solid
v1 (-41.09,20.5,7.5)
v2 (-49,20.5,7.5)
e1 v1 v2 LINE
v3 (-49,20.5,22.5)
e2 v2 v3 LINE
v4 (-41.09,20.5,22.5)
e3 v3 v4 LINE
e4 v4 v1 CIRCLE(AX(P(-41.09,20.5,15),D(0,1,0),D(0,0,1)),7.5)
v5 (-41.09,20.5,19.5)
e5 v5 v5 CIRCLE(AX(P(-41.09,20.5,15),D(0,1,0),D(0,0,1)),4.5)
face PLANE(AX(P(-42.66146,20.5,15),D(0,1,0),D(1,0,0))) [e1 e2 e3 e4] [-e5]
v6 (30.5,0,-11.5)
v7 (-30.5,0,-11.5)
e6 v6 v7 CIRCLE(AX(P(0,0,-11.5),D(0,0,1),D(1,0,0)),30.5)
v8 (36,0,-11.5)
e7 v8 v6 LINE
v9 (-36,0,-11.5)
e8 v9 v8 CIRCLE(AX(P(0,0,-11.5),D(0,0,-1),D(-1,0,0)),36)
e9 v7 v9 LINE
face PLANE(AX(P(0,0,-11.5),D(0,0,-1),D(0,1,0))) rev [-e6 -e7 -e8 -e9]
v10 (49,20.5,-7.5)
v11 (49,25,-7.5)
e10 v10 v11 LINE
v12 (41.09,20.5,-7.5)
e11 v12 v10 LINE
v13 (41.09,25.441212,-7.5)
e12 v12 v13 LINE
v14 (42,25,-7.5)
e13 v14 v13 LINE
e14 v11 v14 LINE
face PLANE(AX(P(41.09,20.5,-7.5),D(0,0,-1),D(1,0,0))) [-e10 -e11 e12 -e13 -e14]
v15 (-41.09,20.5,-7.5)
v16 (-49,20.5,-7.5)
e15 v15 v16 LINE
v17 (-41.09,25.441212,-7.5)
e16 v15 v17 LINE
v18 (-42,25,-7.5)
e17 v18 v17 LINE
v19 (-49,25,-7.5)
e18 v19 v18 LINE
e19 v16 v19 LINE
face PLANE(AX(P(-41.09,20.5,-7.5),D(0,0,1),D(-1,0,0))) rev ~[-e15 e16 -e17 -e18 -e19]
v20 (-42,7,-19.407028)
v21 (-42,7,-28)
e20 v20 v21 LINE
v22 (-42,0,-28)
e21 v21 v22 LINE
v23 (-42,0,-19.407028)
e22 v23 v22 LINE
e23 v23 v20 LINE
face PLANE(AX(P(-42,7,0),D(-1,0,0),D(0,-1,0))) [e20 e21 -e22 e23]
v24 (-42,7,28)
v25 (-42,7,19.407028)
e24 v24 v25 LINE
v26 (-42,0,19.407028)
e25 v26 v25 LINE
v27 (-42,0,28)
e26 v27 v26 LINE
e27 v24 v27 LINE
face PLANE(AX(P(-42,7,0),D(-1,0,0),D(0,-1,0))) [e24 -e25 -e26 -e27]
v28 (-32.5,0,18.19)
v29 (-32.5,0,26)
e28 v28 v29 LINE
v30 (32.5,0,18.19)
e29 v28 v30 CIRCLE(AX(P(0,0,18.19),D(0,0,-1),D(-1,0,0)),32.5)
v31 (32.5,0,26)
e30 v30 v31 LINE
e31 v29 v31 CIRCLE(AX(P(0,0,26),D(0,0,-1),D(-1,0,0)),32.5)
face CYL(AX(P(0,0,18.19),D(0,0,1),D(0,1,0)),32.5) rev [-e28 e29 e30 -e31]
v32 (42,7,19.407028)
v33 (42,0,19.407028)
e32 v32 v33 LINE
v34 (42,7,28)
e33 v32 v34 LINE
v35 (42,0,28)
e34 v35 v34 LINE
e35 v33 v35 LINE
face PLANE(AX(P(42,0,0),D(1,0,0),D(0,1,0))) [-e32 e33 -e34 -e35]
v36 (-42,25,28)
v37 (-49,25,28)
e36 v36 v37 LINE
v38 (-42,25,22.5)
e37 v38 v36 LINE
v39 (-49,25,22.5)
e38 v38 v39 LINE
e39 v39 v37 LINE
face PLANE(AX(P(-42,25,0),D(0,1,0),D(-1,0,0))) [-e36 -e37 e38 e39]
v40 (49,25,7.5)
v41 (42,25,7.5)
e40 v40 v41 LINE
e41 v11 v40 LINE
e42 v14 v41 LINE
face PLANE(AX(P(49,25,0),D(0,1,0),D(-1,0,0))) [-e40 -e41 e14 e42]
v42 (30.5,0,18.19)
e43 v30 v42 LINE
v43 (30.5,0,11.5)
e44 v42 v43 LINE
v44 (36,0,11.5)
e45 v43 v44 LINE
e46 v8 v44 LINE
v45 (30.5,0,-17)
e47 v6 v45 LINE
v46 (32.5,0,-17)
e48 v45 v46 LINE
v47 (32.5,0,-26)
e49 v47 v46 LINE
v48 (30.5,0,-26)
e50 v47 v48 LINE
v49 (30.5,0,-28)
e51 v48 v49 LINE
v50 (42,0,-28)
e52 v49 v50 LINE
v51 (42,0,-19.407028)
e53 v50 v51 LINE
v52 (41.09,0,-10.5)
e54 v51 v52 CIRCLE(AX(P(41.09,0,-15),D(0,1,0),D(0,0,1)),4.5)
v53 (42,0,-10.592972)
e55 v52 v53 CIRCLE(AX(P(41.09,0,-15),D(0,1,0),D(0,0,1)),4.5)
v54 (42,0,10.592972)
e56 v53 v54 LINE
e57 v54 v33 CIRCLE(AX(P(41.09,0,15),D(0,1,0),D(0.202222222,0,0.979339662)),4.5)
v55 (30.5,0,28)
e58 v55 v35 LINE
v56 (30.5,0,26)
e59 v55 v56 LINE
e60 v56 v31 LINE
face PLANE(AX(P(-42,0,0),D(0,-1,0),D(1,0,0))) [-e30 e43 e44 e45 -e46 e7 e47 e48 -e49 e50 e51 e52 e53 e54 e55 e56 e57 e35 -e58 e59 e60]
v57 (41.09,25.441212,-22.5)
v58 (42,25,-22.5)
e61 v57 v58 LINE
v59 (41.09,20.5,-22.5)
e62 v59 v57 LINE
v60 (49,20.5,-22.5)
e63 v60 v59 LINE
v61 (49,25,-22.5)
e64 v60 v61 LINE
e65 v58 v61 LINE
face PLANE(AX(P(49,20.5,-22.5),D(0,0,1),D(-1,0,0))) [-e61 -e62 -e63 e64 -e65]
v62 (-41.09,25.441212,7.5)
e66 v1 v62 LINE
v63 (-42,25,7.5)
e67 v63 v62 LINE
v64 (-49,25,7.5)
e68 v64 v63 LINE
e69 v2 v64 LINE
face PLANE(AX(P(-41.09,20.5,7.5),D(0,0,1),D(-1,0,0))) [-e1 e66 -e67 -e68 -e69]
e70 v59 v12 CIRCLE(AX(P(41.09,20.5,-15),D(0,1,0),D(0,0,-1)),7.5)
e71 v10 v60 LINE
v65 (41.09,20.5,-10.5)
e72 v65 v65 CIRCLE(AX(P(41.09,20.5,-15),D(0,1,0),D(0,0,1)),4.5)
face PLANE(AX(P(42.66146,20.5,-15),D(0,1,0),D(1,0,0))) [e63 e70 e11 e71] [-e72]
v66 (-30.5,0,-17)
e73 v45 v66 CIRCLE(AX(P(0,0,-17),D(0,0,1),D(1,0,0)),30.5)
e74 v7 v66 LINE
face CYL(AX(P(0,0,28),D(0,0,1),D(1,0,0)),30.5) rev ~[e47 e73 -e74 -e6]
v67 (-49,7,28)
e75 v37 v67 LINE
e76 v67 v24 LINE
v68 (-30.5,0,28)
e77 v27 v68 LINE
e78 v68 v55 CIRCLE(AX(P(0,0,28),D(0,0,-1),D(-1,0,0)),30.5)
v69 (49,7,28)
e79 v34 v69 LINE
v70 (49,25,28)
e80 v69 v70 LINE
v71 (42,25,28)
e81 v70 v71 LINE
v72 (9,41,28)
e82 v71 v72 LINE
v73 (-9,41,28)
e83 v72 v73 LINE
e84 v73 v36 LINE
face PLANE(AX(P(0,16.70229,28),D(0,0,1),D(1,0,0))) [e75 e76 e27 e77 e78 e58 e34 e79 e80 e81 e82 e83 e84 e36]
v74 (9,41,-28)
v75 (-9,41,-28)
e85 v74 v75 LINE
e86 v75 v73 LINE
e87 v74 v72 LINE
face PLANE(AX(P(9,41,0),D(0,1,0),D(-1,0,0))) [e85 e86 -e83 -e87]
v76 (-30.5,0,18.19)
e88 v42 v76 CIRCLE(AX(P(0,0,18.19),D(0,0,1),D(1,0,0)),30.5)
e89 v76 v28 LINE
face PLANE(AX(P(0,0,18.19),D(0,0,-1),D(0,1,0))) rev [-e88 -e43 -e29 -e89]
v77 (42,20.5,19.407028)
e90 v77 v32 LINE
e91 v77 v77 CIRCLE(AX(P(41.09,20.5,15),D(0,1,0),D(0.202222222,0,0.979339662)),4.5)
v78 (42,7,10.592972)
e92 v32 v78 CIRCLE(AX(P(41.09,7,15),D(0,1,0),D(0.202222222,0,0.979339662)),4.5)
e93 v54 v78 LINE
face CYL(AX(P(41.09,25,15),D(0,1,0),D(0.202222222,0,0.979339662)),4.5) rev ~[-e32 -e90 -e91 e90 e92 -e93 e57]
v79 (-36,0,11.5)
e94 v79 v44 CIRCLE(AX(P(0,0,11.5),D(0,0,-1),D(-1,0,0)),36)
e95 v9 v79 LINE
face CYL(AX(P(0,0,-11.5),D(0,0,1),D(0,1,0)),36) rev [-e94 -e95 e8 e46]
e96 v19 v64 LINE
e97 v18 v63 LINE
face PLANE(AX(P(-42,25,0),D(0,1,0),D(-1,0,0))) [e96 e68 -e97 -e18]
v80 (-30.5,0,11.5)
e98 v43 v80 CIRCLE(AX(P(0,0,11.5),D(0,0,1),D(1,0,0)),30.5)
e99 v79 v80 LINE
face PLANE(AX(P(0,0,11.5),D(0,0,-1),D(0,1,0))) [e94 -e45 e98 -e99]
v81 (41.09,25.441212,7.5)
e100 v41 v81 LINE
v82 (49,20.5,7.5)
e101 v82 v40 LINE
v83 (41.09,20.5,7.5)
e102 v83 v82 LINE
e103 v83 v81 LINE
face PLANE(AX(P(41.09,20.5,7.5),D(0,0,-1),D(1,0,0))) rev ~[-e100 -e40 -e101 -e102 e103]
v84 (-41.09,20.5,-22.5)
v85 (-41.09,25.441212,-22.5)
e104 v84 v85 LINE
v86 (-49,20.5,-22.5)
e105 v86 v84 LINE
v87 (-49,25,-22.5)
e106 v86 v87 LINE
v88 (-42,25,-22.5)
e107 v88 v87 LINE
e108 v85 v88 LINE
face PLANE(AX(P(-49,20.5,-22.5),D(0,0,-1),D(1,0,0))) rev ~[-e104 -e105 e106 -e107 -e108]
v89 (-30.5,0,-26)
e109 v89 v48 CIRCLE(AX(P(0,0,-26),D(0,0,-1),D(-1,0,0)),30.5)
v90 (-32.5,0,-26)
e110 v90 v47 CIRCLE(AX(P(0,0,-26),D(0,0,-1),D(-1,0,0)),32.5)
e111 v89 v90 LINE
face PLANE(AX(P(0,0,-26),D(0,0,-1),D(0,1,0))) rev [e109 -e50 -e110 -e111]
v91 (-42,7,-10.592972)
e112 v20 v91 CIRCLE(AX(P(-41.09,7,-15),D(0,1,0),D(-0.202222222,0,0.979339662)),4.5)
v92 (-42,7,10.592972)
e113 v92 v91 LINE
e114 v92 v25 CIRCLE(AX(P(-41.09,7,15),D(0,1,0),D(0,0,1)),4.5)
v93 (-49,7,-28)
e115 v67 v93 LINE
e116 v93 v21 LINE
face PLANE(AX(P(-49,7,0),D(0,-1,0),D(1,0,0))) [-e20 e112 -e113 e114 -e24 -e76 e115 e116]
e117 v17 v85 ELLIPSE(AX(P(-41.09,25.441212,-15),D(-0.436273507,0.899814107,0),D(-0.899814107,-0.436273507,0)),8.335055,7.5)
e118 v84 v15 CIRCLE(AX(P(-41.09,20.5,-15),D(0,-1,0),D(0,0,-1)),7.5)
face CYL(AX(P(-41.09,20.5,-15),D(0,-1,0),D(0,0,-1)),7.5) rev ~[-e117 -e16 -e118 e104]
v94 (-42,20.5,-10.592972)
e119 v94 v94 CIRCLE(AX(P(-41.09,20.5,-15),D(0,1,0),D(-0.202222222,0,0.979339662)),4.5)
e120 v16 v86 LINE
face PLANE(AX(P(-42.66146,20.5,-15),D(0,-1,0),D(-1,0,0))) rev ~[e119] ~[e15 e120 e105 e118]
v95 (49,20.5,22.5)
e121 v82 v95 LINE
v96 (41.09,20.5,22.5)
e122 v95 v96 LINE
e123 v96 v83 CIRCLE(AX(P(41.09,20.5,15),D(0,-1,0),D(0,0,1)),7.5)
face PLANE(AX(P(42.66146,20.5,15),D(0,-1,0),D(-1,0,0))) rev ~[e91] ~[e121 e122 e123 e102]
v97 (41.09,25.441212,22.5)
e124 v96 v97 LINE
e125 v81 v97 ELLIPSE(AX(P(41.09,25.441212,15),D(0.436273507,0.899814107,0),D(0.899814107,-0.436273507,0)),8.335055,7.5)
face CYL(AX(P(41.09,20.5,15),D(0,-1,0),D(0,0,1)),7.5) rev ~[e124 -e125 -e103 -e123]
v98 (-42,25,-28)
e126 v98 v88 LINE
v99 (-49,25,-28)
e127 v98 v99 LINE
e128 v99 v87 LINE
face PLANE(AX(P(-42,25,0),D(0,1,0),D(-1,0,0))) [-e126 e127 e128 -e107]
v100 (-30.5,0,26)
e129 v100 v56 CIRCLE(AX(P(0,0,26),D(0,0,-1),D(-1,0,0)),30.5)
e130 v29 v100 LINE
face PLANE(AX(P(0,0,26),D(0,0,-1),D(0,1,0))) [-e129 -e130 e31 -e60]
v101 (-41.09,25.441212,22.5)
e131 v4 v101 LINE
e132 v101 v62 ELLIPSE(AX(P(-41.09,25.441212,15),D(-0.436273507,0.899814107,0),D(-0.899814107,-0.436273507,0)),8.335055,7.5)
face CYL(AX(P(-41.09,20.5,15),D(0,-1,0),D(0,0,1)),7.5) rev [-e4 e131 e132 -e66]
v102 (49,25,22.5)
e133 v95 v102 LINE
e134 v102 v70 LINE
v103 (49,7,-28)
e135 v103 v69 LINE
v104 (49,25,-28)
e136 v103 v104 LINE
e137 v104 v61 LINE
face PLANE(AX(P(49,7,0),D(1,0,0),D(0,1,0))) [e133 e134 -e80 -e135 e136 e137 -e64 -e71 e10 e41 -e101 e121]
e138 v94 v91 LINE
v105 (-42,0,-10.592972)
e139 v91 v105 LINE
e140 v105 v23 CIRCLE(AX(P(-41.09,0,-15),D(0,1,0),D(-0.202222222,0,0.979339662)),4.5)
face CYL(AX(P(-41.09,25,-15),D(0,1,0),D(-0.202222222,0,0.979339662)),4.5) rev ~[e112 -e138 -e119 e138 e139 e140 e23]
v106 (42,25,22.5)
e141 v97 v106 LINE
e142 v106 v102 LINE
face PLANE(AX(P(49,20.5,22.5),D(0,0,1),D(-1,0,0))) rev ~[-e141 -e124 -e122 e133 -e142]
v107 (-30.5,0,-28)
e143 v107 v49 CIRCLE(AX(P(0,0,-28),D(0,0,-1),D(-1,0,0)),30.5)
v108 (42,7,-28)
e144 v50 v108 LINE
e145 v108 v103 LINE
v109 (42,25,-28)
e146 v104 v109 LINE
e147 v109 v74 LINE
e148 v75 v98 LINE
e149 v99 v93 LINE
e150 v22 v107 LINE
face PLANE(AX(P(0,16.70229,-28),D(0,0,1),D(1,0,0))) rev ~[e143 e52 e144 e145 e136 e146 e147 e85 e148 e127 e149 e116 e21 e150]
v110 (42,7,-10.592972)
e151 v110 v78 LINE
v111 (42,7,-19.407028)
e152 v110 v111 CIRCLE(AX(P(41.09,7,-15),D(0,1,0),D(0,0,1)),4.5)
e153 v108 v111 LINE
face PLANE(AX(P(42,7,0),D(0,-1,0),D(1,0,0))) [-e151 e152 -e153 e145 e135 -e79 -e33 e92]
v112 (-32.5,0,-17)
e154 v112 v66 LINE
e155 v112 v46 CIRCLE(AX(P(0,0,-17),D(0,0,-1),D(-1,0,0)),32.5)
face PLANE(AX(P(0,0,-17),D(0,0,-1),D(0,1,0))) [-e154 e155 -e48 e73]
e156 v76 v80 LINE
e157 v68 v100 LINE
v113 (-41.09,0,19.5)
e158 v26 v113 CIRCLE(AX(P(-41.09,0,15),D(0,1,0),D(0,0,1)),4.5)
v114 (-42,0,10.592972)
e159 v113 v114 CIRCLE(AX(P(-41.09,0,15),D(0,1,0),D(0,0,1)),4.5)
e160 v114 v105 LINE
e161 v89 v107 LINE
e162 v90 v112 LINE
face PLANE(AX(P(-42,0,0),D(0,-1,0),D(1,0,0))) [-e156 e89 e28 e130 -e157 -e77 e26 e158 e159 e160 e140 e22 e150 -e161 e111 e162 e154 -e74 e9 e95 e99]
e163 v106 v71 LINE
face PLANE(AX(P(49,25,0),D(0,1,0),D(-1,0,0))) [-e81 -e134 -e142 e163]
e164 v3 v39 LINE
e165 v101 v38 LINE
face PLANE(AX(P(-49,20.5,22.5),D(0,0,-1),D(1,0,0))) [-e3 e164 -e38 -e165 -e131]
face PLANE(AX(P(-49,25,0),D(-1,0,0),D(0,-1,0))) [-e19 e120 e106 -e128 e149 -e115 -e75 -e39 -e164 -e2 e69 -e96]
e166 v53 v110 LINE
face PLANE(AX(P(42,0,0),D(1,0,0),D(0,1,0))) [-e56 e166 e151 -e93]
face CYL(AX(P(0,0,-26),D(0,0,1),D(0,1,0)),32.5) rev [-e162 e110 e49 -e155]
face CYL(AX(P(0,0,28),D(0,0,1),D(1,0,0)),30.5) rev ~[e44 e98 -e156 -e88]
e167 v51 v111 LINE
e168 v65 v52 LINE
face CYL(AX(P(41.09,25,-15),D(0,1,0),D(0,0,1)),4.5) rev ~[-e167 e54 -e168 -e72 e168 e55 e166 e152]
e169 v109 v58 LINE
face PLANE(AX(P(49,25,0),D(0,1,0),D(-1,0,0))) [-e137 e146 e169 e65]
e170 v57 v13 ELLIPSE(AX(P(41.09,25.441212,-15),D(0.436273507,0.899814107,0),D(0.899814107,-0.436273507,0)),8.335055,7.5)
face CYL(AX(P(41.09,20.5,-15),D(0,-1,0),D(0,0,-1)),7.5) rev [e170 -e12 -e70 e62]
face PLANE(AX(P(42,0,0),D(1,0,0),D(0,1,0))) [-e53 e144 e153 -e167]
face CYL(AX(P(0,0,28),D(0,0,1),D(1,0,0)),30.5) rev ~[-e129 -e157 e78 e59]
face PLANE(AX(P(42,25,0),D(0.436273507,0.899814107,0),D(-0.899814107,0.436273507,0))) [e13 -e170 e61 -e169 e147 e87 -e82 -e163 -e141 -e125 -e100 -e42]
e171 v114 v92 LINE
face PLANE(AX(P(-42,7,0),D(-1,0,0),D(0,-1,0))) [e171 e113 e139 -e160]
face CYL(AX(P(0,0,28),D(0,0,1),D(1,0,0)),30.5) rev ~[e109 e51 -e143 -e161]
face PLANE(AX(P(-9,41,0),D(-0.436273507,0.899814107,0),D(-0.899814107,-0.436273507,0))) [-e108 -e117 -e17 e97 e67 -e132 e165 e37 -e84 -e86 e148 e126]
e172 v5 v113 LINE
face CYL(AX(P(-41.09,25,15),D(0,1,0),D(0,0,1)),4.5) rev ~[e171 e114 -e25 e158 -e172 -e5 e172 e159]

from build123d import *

# Parameters (mm, degrees)
BOSS_EXTRUDE1_DEPTH     = 28
CUT_EXTRUDE1_DEPTH      = 85.958813551
CUT_EXTRUDE2_DEPTH      = 70.756720106
CUT_EXTRUDE2_DEPTH_BACK = 4.5
CUT_EXTRUDE2_START      = 25
CUT_EXTRUDE3_START      = 25
SKETCH4_4_R             = 4.5
CUT_EXTRUDE3_DEPTH      = 95.756720106


with BuildPart() as part:
    # Sketch1 → Boss-Extrude1 (new, symmetric)
    with BuildSketch(Plane.XY):
        Polygon((-42, 0), (42, 0), (42, 7), (49, 7), (49, 25), (42, 25), (9, 41), (-9, 41), (-42, 25), (-49, 25), (-49, 7), (-42, 7), align=None)
    extrude(amount=BOSS_EXTRUDE1_DEPTH, both=True)

    # Sketch2 → Cut-Extrude1 (cut, through all)
    with BuildSketch(Plane.XY.offset(28)):
        with BuildLine():
            Line((-30.5, 0), (30.5, 0))
            ThreePointArc((30.5, 0), (0, 30.5), (-30.5, 0))
        make_face()
    extrude(amount=-CUT_EXTRUDE1_DEPTH, mode=Mode.SUBTRACT)

    # Sketch3 → Cut-Revolve1 (revolve, cut)
    with BuildSketch(Plane(origin=(0, 0, 0), x_dir=(0, 0, -1), z_dir=(1, 0, 0))):
        Polygon((28, 30.5), (26, 30.5), (26, 32.5), (17, 32.5), (17, 29.816601461), (11.5, 29.816601461), (11.5, 36), (-11.5, 36), (-11.5, 29.816601461), (-18.19, 29.816601461), (-18.19, 32.5), (-26, 32.5), (-26, 30.5), (-28, 30.5), (-28, 0), (28, 0), align=None)
    revolve(axis=Axis((0, 0, 28), (0, 0, -1)), mode=Mode.SUBTRACT)

    # Sketch4 → Cut-Extrude2 (cut, two sides: drawn at the far end of the back side and taken through both)
    with BuildSketch(Plane(origin=(0, 0, 0), x_dir=(1, 0, 0), z_dir=(0, 1, 0)).offset(CUT_EXTRUDE2_START - CUT_EXTRUDE2_DEPTH_BACK)):
        with BuildLine():
            Line((49, 22.5), (41.09, 22.5))
            ThreePointArc((41.09, 22.5), (33.59, 15), (41.09, 7.5))
            Line((41.09, 7.5), (49, 7.5))
            Line((49, 7.5), (49, 22.5))
        make_face()
        with BuildLine():
            Line((49, -7.5), (49, -22.5))
            Line((49, -22.5), (41.09, -22.5))
            ThreePointArc((41.09, -22.5), (33.59, -15), (41.09, -7.5))
            Line((41.09, -7.5), (49, -7.5))
        make_face()
        with BuildLine():
            Line((-49, -22.5), (-41.09, -22.5))
            ThreePointArc((-41.09, -22.5), (-33.59, -15), (-41.09, -7.5))
            Line((-41.09, -7.5), (-49, -7.5))
            Line((-49, -7.5), (-49, -22.5))
        make_face()
        with BuildLine():
            Line((-49, 7.5), (-49, 22.5))
            Line((-49, 22.5), (-41.09, 22.5))
            ThreePointArc((-41.09, 22.5), (-33.59, 15), (-41.09, 7.5))
            Line((-41.09, 7.5), (-49, 7.5))
        make_face()
    extrude(amount=CUT_EXTRUDE2_DEPTH + CUT_EXTRUDE2_DEPTH_BACK, mode=Mode.SUBTRACT)

    # Sketch4<4> → Cut-Extrude3 (cut, through all)
    with BuildSketch(Plane(origin=(0, 0, 0), x_dir=(1, 0, 0), z_dir=(0, 1, 0)).offset(CUT_EXTRUDE3_START)):
        with Locations((41.09, 15)):
            Circle(SKETCH4_4_R)
        with Locations((41.09, -15)):
            Circle(SKETCH4_4_R)
        with Locations((-41.09, -15)):
            Circle(SKETCH4_4_R)
        with Locations((-41.09, 15)):
            Circle(SKETCH4_4_R)
    extrude(amount=-CUT_EXTRUDE3_DEPTH, mode=Mode.SUBTRACT)


solid = part.part
